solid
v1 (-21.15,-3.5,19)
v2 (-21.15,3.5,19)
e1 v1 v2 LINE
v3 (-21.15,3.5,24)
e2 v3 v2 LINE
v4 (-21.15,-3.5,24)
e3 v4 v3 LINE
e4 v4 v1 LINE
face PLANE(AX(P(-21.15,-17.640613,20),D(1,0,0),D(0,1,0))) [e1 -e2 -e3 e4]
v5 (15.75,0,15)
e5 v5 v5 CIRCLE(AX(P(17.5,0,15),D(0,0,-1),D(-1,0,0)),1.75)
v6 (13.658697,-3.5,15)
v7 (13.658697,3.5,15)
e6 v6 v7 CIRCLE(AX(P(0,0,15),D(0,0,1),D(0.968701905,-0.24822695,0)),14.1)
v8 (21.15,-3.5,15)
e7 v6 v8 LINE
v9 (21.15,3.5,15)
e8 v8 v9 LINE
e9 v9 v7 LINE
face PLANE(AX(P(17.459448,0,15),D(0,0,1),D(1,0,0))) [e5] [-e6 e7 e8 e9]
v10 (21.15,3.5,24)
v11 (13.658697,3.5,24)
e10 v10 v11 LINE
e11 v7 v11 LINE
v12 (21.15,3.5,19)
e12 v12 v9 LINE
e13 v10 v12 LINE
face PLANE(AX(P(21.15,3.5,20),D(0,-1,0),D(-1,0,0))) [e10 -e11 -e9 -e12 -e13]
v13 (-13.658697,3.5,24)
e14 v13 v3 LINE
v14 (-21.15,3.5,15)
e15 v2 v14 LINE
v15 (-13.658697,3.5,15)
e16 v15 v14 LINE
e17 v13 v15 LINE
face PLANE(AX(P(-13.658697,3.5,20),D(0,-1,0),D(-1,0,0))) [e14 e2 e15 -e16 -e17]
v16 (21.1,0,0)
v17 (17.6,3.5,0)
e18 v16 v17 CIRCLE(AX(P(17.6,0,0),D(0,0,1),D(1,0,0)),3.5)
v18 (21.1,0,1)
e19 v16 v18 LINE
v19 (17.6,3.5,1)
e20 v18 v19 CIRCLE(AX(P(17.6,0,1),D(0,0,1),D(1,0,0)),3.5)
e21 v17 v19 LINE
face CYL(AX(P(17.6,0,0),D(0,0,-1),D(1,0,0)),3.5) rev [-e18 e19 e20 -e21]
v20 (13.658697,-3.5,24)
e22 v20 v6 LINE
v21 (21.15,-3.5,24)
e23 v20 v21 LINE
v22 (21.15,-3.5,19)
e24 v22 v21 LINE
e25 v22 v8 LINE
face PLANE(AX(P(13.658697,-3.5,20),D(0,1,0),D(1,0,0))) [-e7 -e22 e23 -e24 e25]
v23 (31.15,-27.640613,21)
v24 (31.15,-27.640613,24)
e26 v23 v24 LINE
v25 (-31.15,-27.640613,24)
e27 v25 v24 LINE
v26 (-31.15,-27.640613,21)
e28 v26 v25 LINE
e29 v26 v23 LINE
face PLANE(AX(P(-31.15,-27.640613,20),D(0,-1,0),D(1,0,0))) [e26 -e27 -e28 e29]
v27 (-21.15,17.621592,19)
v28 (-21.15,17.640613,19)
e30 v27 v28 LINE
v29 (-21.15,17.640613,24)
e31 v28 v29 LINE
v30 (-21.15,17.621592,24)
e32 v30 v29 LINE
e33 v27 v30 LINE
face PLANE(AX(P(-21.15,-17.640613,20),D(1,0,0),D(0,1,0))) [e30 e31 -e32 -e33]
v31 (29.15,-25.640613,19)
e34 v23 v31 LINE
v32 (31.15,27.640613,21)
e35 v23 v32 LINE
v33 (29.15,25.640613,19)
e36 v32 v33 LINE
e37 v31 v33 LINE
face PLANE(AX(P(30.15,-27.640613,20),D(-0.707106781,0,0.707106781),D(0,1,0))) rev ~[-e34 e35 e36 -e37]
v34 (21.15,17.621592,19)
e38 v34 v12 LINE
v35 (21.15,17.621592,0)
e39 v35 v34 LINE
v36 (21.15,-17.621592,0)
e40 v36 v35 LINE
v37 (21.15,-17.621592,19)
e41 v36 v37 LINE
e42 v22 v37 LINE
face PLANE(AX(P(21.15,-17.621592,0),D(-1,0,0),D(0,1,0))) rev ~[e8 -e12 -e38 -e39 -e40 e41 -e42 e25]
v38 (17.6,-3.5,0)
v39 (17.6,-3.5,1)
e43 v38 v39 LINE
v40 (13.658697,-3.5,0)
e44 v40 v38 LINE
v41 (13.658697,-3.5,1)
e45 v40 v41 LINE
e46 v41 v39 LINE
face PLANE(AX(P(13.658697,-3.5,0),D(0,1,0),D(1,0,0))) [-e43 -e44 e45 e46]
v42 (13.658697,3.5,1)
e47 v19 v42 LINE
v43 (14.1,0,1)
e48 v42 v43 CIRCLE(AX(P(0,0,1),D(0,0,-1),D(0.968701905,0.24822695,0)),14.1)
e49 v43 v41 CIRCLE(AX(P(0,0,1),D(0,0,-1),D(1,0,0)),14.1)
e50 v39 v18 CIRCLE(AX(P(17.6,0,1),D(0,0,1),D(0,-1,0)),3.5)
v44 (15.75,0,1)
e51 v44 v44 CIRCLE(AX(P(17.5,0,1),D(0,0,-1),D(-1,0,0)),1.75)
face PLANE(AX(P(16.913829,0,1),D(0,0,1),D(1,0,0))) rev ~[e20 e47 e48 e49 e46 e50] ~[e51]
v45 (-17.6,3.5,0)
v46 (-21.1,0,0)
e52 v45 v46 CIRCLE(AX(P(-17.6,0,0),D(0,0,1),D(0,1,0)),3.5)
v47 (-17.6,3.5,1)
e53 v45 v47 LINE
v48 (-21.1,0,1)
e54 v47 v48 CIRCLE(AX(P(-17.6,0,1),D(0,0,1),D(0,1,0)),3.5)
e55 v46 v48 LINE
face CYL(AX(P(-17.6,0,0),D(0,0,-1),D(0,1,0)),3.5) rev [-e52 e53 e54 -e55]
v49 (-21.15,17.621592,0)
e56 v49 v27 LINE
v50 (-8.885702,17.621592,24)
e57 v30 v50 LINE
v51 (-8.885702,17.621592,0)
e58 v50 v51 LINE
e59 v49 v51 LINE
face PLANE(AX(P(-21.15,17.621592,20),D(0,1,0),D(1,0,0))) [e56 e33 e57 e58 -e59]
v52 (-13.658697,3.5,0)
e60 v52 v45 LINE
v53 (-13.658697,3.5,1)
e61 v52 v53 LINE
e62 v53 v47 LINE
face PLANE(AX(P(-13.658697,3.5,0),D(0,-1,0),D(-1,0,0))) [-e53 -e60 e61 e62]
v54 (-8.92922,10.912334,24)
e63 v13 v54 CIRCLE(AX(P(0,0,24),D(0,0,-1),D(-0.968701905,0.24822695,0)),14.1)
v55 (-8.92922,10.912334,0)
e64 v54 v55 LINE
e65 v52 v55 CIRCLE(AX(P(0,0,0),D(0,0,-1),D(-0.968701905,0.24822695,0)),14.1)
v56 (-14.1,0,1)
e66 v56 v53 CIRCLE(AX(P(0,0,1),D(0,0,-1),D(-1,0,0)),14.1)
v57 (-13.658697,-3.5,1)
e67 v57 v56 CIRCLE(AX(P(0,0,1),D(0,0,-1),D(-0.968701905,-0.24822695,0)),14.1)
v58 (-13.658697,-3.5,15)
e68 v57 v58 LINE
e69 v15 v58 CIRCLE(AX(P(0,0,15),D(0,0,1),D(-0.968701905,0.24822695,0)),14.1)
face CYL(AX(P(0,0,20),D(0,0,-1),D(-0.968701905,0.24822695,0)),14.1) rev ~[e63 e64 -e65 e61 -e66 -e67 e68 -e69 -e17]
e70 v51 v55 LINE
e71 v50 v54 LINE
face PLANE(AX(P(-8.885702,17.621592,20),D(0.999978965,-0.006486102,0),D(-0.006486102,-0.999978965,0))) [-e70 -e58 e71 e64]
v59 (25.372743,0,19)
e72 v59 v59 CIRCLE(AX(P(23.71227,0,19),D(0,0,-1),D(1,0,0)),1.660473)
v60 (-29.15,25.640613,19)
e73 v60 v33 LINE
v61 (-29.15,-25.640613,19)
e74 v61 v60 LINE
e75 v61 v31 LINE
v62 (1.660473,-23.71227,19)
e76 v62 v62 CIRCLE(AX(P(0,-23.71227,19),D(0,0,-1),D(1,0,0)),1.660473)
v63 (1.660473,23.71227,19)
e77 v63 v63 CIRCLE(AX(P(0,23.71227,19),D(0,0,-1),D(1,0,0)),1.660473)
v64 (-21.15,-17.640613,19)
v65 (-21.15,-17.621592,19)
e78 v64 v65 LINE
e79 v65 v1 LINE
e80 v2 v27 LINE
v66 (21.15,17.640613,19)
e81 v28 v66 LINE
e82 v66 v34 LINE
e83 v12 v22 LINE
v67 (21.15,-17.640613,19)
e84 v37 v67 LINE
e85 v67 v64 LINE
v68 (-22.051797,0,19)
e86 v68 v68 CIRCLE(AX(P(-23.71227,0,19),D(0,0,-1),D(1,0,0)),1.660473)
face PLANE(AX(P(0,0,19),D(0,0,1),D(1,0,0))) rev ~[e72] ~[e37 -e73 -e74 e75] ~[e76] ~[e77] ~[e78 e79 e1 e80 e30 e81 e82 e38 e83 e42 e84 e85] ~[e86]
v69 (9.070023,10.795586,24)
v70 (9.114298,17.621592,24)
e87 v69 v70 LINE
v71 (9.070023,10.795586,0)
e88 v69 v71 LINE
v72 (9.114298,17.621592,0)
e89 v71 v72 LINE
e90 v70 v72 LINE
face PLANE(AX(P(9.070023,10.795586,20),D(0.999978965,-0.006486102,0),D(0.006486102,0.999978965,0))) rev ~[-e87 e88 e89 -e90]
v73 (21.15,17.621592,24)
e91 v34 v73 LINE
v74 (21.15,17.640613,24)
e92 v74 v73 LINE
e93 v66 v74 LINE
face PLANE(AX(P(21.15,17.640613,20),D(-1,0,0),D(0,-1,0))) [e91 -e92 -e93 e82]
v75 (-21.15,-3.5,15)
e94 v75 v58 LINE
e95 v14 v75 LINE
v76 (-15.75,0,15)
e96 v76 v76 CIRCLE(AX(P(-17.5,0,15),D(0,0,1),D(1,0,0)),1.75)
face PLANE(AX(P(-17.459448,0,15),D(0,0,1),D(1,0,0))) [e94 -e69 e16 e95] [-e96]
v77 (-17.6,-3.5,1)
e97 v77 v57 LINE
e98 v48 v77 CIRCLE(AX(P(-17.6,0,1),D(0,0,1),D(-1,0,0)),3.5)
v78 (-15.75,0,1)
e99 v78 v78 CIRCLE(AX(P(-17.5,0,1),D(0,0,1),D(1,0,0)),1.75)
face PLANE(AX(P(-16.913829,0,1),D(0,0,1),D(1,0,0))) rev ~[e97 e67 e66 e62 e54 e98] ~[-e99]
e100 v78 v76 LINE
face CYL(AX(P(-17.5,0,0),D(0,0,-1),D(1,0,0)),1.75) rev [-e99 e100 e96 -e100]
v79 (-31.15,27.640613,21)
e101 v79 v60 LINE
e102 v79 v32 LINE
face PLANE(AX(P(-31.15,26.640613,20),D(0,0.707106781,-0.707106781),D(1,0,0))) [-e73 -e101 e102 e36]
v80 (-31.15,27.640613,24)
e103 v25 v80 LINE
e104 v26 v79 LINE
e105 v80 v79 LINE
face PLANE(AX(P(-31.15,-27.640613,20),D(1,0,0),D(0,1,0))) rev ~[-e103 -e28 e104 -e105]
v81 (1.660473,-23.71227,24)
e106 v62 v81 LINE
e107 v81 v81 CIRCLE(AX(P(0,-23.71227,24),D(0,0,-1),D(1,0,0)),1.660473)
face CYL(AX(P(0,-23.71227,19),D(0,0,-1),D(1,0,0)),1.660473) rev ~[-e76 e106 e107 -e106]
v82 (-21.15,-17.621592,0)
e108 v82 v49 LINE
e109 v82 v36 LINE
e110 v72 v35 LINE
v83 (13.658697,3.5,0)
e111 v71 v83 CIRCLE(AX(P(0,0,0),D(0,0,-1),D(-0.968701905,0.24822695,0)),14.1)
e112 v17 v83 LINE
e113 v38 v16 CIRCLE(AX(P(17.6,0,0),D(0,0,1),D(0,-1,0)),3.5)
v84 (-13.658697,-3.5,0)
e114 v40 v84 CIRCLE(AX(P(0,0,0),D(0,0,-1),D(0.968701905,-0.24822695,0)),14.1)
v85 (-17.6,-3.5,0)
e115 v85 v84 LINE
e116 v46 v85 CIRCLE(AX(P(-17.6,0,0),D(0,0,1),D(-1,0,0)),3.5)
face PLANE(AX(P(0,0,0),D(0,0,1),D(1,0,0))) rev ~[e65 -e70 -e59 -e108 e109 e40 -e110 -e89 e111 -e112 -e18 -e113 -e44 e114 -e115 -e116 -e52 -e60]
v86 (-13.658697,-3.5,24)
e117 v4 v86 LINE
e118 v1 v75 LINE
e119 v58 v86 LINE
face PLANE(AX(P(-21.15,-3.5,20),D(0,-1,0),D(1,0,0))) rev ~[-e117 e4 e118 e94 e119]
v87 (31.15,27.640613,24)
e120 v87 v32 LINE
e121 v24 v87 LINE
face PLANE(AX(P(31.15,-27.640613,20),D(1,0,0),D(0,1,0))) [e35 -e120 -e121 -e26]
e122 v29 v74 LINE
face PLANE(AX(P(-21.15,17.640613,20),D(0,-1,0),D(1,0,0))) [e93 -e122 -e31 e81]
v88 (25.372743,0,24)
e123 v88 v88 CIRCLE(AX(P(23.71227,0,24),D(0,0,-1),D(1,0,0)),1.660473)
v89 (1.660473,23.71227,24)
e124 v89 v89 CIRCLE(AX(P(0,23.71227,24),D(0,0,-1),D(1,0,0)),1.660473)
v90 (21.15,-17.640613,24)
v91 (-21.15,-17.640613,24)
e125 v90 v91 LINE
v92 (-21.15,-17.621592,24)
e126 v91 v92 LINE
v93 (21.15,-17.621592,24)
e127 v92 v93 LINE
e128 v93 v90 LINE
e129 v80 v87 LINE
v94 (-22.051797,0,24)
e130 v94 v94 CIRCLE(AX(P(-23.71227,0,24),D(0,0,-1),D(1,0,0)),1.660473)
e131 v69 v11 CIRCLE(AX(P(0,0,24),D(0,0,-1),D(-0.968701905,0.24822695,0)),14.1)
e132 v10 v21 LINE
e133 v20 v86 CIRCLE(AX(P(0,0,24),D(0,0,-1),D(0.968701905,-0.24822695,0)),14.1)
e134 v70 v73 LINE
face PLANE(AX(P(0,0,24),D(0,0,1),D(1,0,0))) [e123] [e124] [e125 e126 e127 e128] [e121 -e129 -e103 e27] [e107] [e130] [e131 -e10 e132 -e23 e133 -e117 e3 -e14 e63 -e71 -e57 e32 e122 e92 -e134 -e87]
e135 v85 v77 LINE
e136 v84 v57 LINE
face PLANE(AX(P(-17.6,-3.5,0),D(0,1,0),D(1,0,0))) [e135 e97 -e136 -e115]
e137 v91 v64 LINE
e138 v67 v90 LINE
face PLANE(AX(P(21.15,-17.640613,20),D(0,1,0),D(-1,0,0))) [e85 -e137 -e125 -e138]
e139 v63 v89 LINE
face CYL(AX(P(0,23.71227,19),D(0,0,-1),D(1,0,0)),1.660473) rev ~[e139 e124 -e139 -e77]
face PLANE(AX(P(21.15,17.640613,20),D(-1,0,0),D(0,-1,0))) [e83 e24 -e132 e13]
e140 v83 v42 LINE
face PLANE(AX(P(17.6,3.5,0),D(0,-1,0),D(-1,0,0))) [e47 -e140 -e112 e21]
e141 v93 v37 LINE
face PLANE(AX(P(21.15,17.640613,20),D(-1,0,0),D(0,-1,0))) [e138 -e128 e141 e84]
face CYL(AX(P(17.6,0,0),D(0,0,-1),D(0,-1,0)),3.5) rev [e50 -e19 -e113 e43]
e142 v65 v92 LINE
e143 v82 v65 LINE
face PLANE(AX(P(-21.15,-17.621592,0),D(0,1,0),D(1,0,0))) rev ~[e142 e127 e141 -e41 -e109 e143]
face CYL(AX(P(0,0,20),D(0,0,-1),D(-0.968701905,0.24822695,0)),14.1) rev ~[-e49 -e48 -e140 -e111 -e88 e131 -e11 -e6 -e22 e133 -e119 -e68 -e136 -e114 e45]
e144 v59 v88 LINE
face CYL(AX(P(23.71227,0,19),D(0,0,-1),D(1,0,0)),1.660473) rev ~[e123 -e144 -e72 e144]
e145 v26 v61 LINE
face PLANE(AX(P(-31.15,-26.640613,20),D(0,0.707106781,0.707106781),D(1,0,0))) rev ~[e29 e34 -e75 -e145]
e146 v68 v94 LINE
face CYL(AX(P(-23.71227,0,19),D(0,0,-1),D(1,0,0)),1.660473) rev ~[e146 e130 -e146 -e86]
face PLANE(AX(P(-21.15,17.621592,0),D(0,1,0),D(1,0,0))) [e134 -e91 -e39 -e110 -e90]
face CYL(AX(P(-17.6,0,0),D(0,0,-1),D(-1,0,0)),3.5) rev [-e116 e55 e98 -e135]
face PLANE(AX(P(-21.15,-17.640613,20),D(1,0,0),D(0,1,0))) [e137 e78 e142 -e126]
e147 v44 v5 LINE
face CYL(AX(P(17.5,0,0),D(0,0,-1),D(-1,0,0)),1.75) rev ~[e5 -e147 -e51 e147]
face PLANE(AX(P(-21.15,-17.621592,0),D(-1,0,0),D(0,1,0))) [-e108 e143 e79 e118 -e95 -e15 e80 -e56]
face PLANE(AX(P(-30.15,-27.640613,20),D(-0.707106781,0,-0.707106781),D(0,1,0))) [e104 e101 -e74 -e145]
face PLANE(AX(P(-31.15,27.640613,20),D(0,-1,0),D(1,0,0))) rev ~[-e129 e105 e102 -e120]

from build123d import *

# Parameters (mm, degrees)
F0_W      = 42.3
F0_H      = 35.2431833744
F0_R      = 1.75
F1_DEPTH  = 20
F3_DEPTH  = 20
F4_DEPTH  = 1
F5_R      = 1.75
F6_DEPTH  = 5
F7_W      = 62.3000003397
F7_H      = 55.2812255919
F8_DEPTH  = 4
F9_DEPTH  = 1
F10_DEPTH = 4
F11_R     = 1.6604727816
F12_DEPTH = 6
F13_SIZE  = 2


with BuildPart() as f1:
    # F0 (on Top) → F1 (new body)
    with BuildSketch(Plane.XY):
        Rectangle(F0_W, F0_H)
        with BuildLine():
            ThreePointArc((-13.6586968632, 3.5), (0, 14.1), (13.6586968632, 3.5))
            Line((13.6586968632, 3.5), (17.6, 3.5))
            ThreePointArc((17.6, 3.5), (20.0748737342, 2.4748737342), (21.1, 0))
            ThreePointArc((21.1, 0), (20.0748737342, -2.4748737342), (17.6, -3.5))
            Line((17.6, -3.5), (13.6586968632, -3.5))
            ThreePointArc((13.6586968632, -3.5), (0, -14.1), (-13.6586968632, -3.5))
            Line((-13.6586968632, -3.5), (-17.6, -3.5))
            ThreePointArc((-17.6, -3.5), (-20.0748737342, -2.4748737342), (-21.1, 0))
            ThreePointArc((-21.1, 0), (-20.0748737342, 2.4748737342), (-17.6, 3.5))
            Line((-17.6, 3.5), (-13.6586968632, 3.5))
        make_face(mode=Mode.SUBTRACT)
        with BuildLine():
            ThreePointArc((-14.1, 0), (-13.9892391818, 1.7638557522), (-13.6586968632, 3.5))
            Line((-13.6586968632, 3.5), (-17.6, 3.5))
            ThreePointArc((-17.6, 3.5), (-20.0748737342, 2.4748737342), (-21.1, 0))
            ThreePointArc((-21.1, 0), (-20.0748737342, -2.4748737342), (-17.6, -3.5))
            Line((-17.6, -3.5), (-13.6586968632, -3.5))
            ThreePointArc((-13.6586968632, -3.5), (-13.9892391818, -1.7638557522), (-14.1, 0))
        make_face()
        with Locations((-17.5, 0)):
            Circle(F0_R, mode=Mode.SUBTRACT)
        with BuildLine():
            ThreePointArc((13.6586968632, 3.5), (13.9892391818, 1.7638557522), (14.1, 0))
            ThreePointArc((14.1, 0), (13.9892391818, -1.7638557522), (13.6586968632, -3.5))
            Line((13.6586968632, -3.5), (17.6, -3.5))
            ThreePointArc((17.6, -3.5), (20.0748737342, -2.4748737342), (21.1, 0))
            ThreePointArc((21.1, 0), (20.0748737342, 2.4748737342), (17.6, 3.5))
            Line((17.6, 3.5), (13.6586968632, 3.5))
        make_face()
        with BuildLine():
            ThreePointArc((19.25, 0), (17.5, -1.75), (15.75, 0))
            ThreePointArc((15.75, 0), (17.5, 1.75), (19.25, 0))
        make_face(mode=Mode.SUBTRACT)
    extrude(amount=F1_DEPTH)

    # F2 (on face) → F3 (cut)
    with BuildSketch(Plane.XY.offset(20)):
        with BuildLine():
            Line((9.1142978397, 17.6215916872), (-8.8857021603, 17.6215916872))
            Line((-8.8857021603, 17.6215916872), (-8.9292200042, 10.9123338529))
            ThreePointArc((-8.9292200042, 10.9123338529), (0.0914540337, 14.0997034068), (9.0700227445, 10.7955864784))
            Line((9.0700227445, 10.7955864784), (9.1142978397, 17.6215916872))
        make_face()
    extrude(amount=-F3_DEPTH, mode=Mode.SUBTRACT)

    # F0 (on Top) → F4 (cut)
    with BuildSketch(Plane.XY):
        with BuildLine():
            ThreePointArc((-14.1, 0), (-13.9892391818, 1.7638557522), (-13.6586968632, 3.5))
            Line((-13.6586968632, 3.5), (-17.6, 3.5))
            ThreePointArc((-17.6, 3.5), (-20.0748737342, 2.4748737342), (-21.1, 0))
            ThreePointArc((-21.1, 0), (-20.0748737342, -2.4748737342), (-17.6, -3.5))
            Line((-17.6, -3.5), (-13.6586968632, -3.5))
            ThreePointArc((-13.6586968632, -3.5), (-13.9892391818, -1.7638557522), (-14.1, 0))
        make_face()
        with Locations((-17.5, 0)):
            Circle(F0_R, mode=Mode.SUBTRACT)
        with BuildLine():
            ThreePointArc((13.6586968632, 3.5), (13.9892391818, 1.7638557522), (14.1, 0))
            ThreePointArc((14.1, 0), (13.9892391818, -1.7638557522), (13.6586968632, -3.5))
            Line((13.6586968632, -3.5), (17.6, -3.5))
            ThreePointArc((17.6, -3.5), (20.0748737342, -2.4748737342), (21.1, 0))
            ThreePointArc((21.1, 0), (20.0748737342, 2.4748737342), (17.6, 3.5))
            Line((17.6, 3.5), (13.6586968632, 3.5))
        make_face()
        with BuildLine():
            ThreePointArc((19.25, 0), (17.5, -1.75), (15.75, 0))
            ThreePointArc((15.75, 0), (17.5, 1.75), (19.25, 0))
        make_face(mode=Mode.SUBTRACT)
    extrude(amount=F4_DEPTH, mode=Mode.SUBTRACT)

    # F5 (on face) → F6 (cut)
    with BuildSketch(Plane.XY.offset(20)):
        with BuildLine():
            ThreePointArc((-13.6586968632, -3.5), (-14.1, 0), (-13.6586968632, 3.5))
            Line((-13.6586968632, 3.5), (-21.15, 3.5))
            Line((-21.15, 3.5), (-21.15, -3.5))
            Line((-21.15, -3.5), (-13.6586968632, -3.5))
        make_face()
        with Locations((-17.5, 0)):
            Circle(F5_R, mode=Mode.SUBTRACT)
        with BuildLine():
            Line((21.15, -3.5), (21.15, 3.5))
            Line((21.15, 3.5), (13.6586968632, 3.5))
            ThreePointArc((13.6586968632, 3.5), (14.1, 0), (13.6586968632, -3.5))
            Line((13.6586968632, -3.5), (21.15, -3.5))
        make_face()
        with Locations((17.5, 0)):
            Circle(F5_R, mode=Mode.SUBTRACT)
    extrude(amount=-F6_DEPTH, mode=Mode.SUBTRACT)

    # F10 (add): faces of the model
    f10_faces = [f1.faces().sort_by_distance(p)[0] for p in [
        (-15.655980784, 11.1858977237, 20),
        (15.7115170965, 11.1581962094, 20),
        (-20.704050524, -10.5607958436, 20),
    ]]


with BuildPart() as f8:
    # F7 (on face) → F8 (new body)
    with BuildSketch(Plane.XY.offset(20)):
        Rectangle(F7_W, F7_H)
        Polygon((-21.15, 17.6406126261), (21.15, 17.6406126261), (21.15, -17.6406126261), (-21.15, -17.6406126261), (-21.15, 3.5), (-21.15, 17.6215916872), align=None, mode=Mode.SUBTRACT)
    extrude(amount=F8_DEPTH)


with BuildPart() as f9:
    # F9 (new): a face of the model
    f9_faces = [f8.part.faces().sort_by_distance(p)[0] for p in [
        (0, -26.8077080028, 20),
    ]]
    extrude(f9_faces, amount=F9_DEPTH)


with BuildPart() as f1_1:
    add(f1.part)

    add(f8.part)  # F10 merges F8

    add(f9.part)  # F10 merges F9
    extrude(f10_faces, amount=F10_DEPTH)

    # F11 (on face) → F12 (cut)
    with BuildSketch(Plane(origin=(0, 0, 19), x_dir=(1, 0, 0), z_dir=(0, 0, -1))):
        with Locations((0, 23.7122699618)):
            Circle(F11_R)
        with Locations((23.7122699618, 0)):
            Circle(F11_R)
        with Locations((0, -23.7122699618)):
            Circle(F11_R)
        with Locations((-23.7122699618, 0)):
            Circle(F11_R)
    extrude(amount=-F12_DEPTH, mode=Mode.SUBTRACT)

    # F13
    f13_edges = [f1_1.edges().sort_by_distance(p)[0] for p in [
        (-31.15, 0, 19),
        (0, -27.640613, 19),
        (31.15, 0, 19),
        (0, 27.640613, 19),
    ]]
    chamfer(f13_edges, length=F13_SIZE)


solid = f1_1.part
